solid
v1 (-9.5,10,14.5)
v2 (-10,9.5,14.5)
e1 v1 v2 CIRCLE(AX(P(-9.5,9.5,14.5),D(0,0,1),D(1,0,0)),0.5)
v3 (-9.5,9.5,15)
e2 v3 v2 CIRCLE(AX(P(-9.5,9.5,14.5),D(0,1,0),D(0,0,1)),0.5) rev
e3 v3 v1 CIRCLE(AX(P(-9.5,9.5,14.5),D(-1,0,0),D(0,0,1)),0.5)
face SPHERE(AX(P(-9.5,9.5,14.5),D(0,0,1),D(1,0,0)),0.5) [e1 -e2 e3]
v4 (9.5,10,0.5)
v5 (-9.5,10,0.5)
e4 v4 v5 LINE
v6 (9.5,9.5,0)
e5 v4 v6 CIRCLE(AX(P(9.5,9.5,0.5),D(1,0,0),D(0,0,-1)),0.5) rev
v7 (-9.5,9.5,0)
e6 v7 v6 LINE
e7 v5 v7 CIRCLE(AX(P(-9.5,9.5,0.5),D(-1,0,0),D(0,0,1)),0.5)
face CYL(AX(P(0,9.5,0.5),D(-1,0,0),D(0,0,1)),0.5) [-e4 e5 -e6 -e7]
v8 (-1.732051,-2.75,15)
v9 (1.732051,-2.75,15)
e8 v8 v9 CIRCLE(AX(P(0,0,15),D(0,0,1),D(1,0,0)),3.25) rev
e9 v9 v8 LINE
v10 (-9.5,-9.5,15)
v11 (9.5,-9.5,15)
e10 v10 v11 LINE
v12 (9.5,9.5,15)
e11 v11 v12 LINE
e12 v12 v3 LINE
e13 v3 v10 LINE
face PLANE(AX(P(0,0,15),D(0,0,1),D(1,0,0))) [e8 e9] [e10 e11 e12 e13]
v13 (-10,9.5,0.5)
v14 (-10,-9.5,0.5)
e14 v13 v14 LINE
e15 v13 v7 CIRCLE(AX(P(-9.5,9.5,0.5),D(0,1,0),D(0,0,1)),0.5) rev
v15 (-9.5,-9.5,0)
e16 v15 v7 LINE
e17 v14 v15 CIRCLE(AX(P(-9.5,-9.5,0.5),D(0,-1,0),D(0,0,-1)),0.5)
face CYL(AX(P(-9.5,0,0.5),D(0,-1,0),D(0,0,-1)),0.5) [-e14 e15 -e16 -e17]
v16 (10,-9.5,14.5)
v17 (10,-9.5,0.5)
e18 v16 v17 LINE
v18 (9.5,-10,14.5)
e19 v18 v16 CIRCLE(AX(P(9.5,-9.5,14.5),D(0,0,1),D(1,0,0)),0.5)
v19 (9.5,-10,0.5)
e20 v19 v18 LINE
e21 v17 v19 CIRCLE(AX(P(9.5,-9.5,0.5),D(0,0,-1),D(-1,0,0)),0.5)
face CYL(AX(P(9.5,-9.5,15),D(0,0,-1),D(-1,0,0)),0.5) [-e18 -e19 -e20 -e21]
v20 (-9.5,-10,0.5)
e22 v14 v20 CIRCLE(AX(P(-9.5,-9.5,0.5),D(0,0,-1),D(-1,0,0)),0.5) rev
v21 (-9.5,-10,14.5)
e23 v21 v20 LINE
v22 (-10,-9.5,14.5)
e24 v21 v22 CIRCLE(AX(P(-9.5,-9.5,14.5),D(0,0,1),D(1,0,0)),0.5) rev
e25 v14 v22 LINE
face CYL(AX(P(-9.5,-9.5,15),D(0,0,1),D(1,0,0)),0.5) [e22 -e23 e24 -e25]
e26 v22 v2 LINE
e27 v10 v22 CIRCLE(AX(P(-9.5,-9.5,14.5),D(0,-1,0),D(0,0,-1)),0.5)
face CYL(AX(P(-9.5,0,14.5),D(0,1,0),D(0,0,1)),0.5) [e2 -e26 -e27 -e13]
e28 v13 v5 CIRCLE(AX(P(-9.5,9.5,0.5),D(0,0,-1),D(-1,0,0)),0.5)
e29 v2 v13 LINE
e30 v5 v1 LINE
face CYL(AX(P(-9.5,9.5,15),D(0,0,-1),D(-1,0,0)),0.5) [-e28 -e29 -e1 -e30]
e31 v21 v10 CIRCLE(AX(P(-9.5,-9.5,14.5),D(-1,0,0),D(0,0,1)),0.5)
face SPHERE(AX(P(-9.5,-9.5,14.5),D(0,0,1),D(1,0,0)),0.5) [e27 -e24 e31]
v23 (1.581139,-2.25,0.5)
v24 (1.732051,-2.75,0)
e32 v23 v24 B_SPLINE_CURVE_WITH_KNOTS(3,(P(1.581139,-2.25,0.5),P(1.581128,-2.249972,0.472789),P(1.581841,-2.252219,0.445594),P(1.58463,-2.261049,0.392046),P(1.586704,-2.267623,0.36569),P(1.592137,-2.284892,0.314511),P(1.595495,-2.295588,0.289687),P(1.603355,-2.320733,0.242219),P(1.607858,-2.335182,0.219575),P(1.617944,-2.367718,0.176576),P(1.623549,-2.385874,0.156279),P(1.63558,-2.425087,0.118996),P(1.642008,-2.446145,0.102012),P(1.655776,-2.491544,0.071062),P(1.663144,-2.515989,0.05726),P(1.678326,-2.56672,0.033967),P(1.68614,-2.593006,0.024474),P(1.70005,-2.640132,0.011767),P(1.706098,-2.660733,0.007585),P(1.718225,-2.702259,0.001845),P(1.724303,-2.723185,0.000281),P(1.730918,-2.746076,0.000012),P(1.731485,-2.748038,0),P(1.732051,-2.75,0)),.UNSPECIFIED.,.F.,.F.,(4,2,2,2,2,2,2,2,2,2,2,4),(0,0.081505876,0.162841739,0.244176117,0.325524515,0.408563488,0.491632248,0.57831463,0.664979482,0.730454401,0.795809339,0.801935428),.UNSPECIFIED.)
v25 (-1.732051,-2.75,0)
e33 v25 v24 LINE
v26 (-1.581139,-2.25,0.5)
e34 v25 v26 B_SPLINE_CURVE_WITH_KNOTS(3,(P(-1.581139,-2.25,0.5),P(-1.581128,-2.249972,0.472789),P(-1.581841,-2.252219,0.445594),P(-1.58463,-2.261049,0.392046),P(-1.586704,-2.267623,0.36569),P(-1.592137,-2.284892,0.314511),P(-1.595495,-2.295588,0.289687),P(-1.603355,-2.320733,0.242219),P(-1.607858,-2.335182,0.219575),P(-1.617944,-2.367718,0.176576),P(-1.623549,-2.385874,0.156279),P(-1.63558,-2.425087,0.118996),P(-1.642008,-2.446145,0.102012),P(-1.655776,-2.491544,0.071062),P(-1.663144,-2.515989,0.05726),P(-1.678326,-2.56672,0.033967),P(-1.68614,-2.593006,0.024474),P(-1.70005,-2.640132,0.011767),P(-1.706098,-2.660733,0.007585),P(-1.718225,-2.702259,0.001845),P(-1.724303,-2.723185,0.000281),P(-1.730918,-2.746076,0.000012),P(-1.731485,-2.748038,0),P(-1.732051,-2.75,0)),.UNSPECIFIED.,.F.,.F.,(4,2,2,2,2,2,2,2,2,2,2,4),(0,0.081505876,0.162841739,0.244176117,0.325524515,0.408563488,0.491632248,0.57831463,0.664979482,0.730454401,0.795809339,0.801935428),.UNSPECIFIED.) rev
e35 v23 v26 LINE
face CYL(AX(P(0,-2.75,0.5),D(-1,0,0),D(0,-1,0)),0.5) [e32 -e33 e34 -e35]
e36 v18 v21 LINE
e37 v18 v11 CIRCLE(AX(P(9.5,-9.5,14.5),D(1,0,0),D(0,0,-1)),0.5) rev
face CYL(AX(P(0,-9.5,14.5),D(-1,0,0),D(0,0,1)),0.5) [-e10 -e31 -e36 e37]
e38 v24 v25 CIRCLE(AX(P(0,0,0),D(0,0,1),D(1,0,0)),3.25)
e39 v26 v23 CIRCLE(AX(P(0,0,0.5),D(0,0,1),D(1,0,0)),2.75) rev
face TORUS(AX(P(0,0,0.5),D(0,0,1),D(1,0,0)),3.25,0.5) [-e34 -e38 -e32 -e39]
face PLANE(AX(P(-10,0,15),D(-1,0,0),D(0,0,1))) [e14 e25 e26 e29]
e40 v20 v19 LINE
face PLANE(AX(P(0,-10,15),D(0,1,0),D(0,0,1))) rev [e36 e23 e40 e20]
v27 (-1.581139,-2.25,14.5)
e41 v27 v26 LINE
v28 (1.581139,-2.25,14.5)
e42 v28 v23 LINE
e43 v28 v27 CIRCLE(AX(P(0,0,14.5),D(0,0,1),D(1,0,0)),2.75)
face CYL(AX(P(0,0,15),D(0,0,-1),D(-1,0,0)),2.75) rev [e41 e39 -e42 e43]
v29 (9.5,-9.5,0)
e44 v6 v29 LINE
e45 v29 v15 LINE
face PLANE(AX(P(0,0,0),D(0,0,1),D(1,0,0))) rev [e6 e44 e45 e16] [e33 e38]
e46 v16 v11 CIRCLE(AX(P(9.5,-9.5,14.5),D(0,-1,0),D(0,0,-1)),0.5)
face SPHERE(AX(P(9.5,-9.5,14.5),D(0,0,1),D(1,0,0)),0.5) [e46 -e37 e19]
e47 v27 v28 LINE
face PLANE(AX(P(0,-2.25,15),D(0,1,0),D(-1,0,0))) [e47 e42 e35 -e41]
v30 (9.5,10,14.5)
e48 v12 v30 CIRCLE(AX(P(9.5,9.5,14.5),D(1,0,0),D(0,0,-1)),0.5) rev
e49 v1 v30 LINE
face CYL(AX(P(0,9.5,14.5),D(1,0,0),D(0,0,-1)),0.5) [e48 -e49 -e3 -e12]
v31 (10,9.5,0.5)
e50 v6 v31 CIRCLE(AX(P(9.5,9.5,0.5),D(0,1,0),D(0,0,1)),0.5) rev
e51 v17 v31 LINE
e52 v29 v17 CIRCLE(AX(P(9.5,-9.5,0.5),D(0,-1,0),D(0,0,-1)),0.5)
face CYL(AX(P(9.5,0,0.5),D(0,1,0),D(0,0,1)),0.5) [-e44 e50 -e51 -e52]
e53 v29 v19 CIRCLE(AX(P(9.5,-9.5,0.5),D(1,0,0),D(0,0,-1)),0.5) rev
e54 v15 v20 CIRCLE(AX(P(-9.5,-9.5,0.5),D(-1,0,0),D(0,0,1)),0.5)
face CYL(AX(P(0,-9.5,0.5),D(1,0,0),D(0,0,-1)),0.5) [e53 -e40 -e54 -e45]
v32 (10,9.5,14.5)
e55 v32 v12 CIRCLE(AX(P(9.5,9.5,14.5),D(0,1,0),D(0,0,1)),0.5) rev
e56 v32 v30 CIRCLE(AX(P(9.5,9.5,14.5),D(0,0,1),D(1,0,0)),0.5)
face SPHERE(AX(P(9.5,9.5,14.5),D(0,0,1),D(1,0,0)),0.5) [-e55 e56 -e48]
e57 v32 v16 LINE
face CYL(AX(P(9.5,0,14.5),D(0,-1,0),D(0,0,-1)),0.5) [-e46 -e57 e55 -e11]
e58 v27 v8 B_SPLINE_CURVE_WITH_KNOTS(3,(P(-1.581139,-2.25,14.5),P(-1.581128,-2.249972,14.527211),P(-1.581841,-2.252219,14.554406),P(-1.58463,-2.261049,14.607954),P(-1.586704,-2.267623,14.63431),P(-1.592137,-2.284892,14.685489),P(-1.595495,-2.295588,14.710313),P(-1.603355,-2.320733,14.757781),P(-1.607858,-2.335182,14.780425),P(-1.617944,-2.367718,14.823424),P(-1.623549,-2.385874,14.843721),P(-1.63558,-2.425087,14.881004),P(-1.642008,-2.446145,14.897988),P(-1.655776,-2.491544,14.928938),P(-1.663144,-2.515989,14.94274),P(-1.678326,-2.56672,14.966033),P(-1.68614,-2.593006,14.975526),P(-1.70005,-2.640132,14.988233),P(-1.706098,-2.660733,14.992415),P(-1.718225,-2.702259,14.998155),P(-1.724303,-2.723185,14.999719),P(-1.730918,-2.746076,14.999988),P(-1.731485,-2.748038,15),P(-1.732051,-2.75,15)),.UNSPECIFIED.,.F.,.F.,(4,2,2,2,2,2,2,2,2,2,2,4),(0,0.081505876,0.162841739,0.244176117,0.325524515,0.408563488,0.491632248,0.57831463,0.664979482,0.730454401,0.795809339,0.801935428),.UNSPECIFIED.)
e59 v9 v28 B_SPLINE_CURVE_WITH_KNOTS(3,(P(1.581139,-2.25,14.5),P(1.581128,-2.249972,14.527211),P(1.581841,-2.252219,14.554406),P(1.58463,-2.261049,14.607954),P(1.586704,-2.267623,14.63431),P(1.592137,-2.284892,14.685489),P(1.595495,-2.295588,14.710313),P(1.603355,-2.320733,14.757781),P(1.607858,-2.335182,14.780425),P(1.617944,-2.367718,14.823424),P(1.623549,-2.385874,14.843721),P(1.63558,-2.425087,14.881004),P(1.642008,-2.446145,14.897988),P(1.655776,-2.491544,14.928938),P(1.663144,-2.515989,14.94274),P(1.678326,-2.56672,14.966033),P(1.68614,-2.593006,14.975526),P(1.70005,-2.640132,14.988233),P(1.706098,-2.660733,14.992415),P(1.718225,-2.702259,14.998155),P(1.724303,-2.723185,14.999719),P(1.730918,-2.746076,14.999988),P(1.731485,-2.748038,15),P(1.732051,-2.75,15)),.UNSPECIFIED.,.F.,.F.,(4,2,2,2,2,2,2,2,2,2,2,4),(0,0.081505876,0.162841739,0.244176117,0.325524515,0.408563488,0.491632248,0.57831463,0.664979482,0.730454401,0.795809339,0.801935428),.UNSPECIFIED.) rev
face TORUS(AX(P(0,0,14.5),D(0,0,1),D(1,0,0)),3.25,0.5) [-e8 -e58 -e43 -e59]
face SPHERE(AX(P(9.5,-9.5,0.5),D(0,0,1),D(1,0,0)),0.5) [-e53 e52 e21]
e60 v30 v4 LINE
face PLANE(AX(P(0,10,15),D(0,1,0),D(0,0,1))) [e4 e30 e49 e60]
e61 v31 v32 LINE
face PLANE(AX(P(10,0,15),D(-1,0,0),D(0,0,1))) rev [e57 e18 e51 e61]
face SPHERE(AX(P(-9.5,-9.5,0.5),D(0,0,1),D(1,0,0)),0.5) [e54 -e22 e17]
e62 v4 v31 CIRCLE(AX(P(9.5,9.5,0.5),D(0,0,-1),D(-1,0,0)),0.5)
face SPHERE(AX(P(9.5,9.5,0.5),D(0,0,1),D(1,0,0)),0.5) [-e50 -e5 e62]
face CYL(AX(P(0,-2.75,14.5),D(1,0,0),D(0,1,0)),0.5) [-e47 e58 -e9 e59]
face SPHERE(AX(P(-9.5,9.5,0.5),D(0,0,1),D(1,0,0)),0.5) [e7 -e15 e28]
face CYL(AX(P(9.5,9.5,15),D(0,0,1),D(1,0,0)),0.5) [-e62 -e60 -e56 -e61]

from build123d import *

# Parameters (mm, degrees)
ESQUISSE1_W        = 20
ESQUISSE1_H        = 20
BOSS_EXTRU_1_DEPTH = 15
CONG_1_R           = 0.5


with BuildPart() as part:
    # Esquisse1 → Boss.-Extru.1 (new body)
    with BuildSketch(Plane.XY):
        Rectangle(ESQUISSE1_W, ESQUISSE1_H)
        with BuildLine():
            Line((1.58113883, -2.25), (-1.58113883, -2.25))
            ThreePointArc((-1.58113883, -2.25), (0, 2.75), (1.58113883, -2.25))
        make_face(mode=Mode.SUBTRACT)
    extrude(amount=BOSS_EXTRU_1_DEPTH)

    # Congé1
    cong_1_edges = [part.edges().sort_by_distance(p)[0] for p in [
        (0, -2.25, 0),
        (0, 2.75, 0),
        (0, -2.25, 15),
        (-10, -10, 7.5),
        (-10, 10, 7.5),
        (10, 10, 7.5),
        (10, -10, 7.5),
        (0, -10, 15),
        (10, 0, 15),
        (0, 10, 15),
        (-10, 0, 15),
        (0, 2.75, 15),
        (-10, 0, 0),
        (0, 10, 0),
        (10, 0, 0),
        (0, -10, 0),
    ]]
    fillet(cong_1_edges, radius=CONG_1_R)


solid = part.part
